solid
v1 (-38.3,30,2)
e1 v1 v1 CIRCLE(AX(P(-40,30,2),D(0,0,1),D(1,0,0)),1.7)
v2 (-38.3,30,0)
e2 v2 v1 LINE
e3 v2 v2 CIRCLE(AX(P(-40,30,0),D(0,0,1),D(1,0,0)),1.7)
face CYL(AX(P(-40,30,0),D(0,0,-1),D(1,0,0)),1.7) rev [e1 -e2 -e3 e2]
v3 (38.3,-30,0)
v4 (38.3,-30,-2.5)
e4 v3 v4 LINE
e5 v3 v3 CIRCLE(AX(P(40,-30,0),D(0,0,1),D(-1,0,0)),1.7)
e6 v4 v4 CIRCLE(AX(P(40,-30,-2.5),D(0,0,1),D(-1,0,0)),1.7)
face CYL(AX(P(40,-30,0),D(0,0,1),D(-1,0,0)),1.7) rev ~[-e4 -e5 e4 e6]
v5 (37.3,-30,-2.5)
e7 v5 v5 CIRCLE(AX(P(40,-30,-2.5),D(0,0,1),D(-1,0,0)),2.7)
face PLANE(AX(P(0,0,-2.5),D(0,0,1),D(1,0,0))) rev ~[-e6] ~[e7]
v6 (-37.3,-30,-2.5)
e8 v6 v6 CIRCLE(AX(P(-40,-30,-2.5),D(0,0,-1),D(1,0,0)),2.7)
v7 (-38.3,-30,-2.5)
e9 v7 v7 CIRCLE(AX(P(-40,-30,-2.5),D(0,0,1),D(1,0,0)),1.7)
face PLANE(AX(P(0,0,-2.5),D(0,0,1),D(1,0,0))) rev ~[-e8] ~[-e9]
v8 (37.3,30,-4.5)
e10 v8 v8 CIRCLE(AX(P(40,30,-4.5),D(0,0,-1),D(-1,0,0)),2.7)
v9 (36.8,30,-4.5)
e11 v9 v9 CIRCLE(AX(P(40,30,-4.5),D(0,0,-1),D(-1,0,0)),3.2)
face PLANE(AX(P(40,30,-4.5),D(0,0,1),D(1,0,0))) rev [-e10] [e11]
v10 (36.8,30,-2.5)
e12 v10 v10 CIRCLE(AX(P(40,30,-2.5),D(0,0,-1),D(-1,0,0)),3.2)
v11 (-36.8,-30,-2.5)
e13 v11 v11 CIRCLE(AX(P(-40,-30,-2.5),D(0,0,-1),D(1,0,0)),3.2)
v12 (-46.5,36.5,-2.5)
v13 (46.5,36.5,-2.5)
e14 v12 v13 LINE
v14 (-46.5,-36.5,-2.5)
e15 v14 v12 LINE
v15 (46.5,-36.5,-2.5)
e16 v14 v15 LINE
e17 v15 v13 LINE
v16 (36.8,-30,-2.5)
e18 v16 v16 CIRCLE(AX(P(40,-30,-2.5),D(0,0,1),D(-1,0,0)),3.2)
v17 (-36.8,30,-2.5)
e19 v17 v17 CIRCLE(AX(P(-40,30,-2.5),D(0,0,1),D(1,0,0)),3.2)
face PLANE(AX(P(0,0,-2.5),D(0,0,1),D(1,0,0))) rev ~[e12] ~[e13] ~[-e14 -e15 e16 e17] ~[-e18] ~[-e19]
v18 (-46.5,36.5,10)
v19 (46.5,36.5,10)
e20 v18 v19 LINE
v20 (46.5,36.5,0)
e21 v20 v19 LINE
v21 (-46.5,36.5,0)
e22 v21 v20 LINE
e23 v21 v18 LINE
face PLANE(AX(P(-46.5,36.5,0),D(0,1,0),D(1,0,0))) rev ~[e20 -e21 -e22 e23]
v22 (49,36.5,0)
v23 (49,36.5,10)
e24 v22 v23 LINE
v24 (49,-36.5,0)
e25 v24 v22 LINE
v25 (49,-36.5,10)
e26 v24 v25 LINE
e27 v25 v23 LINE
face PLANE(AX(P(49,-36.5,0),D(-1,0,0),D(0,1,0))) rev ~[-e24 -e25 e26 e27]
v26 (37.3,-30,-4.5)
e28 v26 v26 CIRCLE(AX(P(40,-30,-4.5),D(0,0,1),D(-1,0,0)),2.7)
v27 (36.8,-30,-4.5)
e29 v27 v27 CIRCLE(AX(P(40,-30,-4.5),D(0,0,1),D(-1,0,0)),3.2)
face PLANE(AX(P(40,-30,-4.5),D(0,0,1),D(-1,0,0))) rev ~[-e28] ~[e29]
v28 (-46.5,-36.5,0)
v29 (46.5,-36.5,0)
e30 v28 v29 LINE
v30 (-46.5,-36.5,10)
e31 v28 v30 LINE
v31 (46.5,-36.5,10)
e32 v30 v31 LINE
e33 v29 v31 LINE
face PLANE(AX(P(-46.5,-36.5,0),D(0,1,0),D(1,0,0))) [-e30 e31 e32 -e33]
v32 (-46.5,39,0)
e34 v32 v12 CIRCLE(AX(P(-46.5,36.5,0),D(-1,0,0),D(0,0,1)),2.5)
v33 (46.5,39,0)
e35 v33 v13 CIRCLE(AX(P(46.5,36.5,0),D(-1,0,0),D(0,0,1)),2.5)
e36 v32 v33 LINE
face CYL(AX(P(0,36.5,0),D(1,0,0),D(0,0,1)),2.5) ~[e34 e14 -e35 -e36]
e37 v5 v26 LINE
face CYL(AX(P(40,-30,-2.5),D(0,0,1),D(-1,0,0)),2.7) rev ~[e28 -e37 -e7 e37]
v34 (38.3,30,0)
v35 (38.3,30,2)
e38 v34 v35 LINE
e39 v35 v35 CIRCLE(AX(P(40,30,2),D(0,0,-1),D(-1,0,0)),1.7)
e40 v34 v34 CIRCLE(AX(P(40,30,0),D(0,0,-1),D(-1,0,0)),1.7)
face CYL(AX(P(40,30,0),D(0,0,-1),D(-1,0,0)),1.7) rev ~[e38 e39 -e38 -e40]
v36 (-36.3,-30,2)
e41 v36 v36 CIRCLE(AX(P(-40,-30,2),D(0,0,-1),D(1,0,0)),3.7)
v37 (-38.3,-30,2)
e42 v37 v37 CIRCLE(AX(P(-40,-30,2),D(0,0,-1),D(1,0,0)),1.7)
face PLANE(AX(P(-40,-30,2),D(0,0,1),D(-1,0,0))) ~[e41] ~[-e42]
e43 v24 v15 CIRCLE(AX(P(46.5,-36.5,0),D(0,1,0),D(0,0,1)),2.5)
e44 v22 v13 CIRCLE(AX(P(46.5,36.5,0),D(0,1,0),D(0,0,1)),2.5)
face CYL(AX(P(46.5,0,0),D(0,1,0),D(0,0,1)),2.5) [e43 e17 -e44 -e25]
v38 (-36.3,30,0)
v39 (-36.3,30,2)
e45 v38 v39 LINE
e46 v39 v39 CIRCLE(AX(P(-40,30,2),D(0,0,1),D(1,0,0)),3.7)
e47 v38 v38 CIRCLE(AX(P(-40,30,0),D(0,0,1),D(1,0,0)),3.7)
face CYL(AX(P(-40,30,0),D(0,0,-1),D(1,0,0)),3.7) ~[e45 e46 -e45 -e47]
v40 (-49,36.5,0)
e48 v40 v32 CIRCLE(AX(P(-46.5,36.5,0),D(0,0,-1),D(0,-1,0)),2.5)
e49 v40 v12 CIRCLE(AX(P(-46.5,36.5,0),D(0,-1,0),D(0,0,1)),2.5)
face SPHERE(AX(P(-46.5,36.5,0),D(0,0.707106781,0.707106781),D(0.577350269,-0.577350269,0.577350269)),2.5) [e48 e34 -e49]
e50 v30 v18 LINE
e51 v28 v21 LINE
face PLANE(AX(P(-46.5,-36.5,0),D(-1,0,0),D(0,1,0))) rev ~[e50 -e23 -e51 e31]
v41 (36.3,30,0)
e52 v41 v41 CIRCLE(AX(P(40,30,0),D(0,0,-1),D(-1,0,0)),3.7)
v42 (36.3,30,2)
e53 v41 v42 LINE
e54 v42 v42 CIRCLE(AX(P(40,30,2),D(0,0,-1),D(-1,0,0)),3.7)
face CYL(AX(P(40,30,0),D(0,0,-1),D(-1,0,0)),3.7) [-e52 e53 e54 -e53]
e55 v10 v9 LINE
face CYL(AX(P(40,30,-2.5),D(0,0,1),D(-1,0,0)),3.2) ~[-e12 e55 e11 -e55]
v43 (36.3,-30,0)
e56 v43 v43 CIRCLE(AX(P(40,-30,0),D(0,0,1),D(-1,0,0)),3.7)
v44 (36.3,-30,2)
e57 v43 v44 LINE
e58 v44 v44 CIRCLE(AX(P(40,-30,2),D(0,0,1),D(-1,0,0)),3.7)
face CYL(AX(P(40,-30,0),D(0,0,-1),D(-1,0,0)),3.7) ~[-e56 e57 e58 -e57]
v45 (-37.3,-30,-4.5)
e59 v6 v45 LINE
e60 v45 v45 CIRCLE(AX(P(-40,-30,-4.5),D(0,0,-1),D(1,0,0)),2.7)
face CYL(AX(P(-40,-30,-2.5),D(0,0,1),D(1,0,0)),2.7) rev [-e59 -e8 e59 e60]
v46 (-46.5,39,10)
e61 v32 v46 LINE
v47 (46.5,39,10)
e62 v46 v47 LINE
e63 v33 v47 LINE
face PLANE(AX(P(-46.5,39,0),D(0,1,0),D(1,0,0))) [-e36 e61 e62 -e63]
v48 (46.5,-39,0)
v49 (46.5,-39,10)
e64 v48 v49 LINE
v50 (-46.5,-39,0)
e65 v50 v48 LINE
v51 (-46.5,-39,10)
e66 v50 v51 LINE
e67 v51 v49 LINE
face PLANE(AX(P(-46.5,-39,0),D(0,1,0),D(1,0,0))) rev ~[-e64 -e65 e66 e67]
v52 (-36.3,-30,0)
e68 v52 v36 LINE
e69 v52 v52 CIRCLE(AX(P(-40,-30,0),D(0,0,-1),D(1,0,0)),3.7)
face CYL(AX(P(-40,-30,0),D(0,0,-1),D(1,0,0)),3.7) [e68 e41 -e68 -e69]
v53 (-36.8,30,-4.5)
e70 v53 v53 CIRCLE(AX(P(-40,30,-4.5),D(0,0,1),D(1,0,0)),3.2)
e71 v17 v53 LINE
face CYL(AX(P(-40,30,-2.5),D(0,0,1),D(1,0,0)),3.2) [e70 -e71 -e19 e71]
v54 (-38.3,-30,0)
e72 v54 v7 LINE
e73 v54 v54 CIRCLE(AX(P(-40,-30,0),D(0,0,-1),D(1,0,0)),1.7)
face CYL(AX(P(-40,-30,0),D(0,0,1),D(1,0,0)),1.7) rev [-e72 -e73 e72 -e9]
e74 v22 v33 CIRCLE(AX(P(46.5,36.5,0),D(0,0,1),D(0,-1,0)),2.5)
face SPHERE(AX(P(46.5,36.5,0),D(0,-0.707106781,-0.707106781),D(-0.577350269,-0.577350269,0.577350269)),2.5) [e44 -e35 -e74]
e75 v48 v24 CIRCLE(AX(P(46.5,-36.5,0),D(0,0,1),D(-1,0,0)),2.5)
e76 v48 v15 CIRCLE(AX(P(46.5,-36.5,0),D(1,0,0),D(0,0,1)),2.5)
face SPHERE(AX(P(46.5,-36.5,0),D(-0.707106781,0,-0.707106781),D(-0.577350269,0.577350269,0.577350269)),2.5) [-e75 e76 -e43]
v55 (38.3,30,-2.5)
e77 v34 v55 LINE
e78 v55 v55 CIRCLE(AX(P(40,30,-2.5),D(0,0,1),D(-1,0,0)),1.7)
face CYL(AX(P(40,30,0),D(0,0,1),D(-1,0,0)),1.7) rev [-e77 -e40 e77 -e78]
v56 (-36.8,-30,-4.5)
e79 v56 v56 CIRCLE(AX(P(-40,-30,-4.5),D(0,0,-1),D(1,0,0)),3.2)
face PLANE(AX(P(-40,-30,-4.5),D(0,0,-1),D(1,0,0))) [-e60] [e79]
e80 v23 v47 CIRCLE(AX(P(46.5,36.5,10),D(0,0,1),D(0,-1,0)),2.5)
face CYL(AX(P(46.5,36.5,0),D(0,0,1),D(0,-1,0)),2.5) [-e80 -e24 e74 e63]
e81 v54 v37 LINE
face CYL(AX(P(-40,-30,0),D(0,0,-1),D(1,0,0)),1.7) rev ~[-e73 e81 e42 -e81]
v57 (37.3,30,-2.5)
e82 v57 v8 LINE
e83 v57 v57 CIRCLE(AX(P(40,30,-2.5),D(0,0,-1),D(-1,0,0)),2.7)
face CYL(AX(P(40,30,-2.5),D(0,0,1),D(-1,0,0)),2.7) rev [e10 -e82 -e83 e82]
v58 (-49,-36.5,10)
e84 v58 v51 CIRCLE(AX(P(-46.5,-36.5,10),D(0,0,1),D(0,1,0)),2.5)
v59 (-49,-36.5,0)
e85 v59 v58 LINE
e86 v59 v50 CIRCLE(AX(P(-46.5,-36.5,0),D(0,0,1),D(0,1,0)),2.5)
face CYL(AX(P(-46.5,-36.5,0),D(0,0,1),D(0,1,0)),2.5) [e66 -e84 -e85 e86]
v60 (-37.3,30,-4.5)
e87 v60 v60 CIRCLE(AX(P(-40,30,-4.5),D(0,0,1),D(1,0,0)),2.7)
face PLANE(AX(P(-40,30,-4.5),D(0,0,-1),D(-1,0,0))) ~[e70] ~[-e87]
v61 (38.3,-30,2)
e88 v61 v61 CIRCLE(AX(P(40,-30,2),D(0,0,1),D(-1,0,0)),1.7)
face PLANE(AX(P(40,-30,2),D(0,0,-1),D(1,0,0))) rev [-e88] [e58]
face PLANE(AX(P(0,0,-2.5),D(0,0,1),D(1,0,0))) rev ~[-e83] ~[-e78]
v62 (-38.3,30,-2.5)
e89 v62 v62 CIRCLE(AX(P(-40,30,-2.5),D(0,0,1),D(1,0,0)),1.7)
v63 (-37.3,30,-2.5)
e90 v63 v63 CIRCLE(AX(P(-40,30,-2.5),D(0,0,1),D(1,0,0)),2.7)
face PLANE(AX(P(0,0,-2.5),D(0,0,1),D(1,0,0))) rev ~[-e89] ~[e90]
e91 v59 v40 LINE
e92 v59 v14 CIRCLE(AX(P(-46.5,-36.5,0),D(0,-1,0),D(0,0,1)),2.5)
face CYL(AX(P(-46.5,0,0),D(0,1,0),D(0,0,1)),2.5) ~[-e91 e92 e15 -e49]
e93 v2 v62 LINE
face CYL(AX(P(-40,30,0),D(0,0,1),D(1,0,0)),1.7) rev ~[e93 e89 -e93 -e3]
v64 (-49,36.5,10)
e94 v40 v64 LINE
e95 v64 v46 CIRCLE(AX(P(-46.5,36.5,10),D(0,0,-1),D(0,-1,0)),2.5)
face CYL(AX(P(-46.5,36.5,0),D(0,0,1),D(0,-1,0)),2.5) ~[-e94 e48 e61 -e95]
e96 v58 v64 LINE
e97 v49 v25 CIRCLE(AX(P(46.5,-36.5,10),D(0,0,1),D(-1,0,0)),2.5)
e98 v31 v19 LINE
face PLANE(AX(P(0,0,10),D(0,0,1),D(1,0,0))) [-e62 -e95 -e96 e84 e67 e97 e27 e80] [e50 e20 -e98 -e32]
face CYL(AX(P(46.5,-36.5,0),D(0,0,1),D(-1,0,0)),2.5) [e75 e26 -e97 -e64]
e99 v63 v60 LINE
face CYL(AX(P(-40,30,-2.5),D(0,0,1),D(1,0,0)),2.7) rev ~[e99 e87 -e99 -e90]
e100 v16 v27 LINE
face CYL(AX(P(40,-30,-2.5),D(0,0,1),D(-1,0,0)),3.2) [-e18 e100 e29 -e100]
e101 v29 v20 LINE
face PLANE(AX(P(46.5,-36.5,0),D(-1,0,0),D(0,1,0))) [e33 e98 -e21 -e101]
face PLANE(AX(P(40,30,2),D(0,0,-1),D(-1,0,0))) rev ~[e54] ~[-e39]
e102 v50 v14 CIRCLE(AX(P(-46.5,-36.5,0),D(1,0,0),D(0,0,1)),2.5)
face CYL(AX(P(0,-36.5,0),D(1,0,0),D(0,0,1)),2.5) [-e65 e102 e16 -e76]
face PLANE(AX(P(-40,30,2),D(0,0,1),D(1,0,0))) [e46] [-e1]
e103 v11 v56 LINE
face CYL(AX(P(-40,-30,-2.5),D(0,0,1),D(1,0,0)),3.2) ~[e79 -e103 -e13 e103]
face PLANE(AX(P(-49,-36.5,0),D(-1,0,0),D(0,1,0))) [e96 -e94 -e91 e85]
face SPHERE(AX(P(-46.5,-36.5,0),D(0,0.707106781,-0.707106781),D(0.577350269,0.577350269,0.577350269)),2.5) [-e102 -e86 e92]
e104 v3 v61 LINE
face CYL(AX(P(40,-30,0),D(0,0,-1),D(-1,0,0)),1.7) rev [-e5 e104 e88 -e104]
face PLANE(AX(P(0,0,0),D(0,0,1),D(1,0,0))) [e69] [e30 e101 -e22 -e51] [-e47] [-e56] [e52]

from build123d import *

# Parameters (mm, degrees)
SKETCH001_W                 = 93
SKETCH001_H                 = 73
PAD_DEPTH                   = 10
THICKNESS_T                 = 2.5
SKETCH002_R                 = 1.7
HOLE_DEPTH                  = 25
SKETCH003_R                 = 3.7
SKETCH003_R_2               = 1.7
PAD001_DEPTH                = 2
SKETCH003_MIRRORED_2_R      = 3.7
SKETCH003_MIRRORED_2_R_2    = 1.7
PAD001_MIRRORED_2_DEPTH     = 2
SKETCH005_R                 = 1.7
POCKET_DEPTH                = 254.24889
SKETCH005_MIRRORED004_2_R   = 1.7
POCKET_MIRRORED004_2_DEPTH  = 254.24889
SKETCH006_R                 = 3.2
SKETCH006_R_2               = 2.7
PAD003_DEPTH                = 2
SKETCH006_MIRRORED006_2_R   = 3.2
SKETCH006_MIRRORED006_2_R_2 = 2.7
PAD003_MIRRORED006_2_DEPTH  = 2


with BuildPart() as part:
    # Sketch001 → Pad (new body)
    with BuildSketch(Plane.XY):
        Rectangle(SKETCH001_W, SKETCH001_H)
    extrude(amount=PAD_DEPTH)

    # Thickness
    thickness_openings = [part.faces().sort_by_distance(p)[0] for p in [
        (0, 0, 10),
    ]]
    offset(amount=THICKNESS_T, openings=thickness_openings)

    # Sketch002 → Hole (cut)
    with BuildSketch(Plane.XY):
        with Locations((-40, 30)):
            Circle(SKETCH002_R)
    extrude(amount=-HOLE_DEPTH, mode=Mode.SUBTRACT)

    # Sketch003 → Pad001 (join)
    with BuildSketch(Plane.XY):
        with Locations((-40, 30)):
            Circle(SKETCH003_R)
        with Locations((-40, 30)):
            Circle(SKETCH003_R_2, mode=Mode.SUBTRACT)
    pad001 = extrude(amount=PAD001_DEPTH)

    # Sketch003 Mirrored 2 → Pad001 Mirrored 2 (add)
    with BuildSketch(Plane(origin=(0, 0, 0), x_dir=(-1, 0, 0), z_dir=(0, 0, -1))):
        with Locations((-40, 30)):
            Circle(SKETCH003_MIRRORED_2_R)
        with Locations((-40, 30)):
            Circle(SKETCH003_MIRRORED_2_R_2, mode=Mode.SUBTRACT)
    pad001_mirrored_2 = extrude(amount=-PAD001_MIRRORED_2_DEPTH)

    # Mirrored001: Pad001, Pad001 Mirrored 2 across Sketch003 H_Axis
    add(pad001.mirror(Plane.ZX))
    add(pad001_mirrored_2.mirror(Plane.ZX))

    # Sketch005 → Pocket (cut, through all)
    with BuildSketch(Plane.XY):
        with Locations((-40, 30)):
            Circle(SKETCH005_R)
    pocket = extrude(amount=-POCKET_DEPTH, mode=Mode.SUBTRACT)

    # Sketch005 Mirrored004 2 → Pocket Mirrored004 2 (cut, through all)
    with BuildSketch(Plane(origin=(0, 0, 0), x_dir=(-1, 0, 0), z_dir=(0, 0, -1))):
        with Locations((-40, 30)):
            Circle(SKETCH005_MIRRORED004_2_R)
    pocket_mirrored004_2 = extrude(amount=POCKET_MIRRORED004_2_DEPTH, mode=Mode.SUBTRACT)

    # Mirrored005: Pocket, Pocket Mirrored004 2 across Sketch005 H_Axis
    add(pocket.mirror(Plane.ZX), mode=Mode.SUBTRACT)
    add(pocket_mirrored004_2.mirror(Plane.ZX), mode=Mode.SUBTRACT)

    # Sketch006 (on Face35 of MultiTransform002) → Pad003 (join)
    with BuildSketch(Plane(origin=(0, 0, -2.5), x_dir=(1, 0, 0), z_dir=(0, 0, -1))):
        with Locations((-40, 30)):
            Circle(SKETCH006_R)
        with Locations((-40, 30)):
            Circle(SKETCH006_R_2, mode=Mode.SUBTRACT)
    pad003 = extrude(amount=PAD003_DEPTH)

    # Sketch006 Mirrored006 2 → Pad003 Mirrored006 2 (add)
    with BuildSketch(Plane(origin=(0, 0, -2.5), x_dir=(-1, 0, 0), z_dir=(0, 0, 1))):
        with Locations((-40, 30)):
            Circle(SKETCH006_MIRRORED006_2_R)
        with Locations((-40, 30)):
            Circle(SKETCH006_MIRRORED006_2_R_2, mode=Mode.SUBTRACT)
    pad003_mirrored006_2 = extrude(amount=-PAD003_MIRRORED006_2_DEPTH)

    # Mirrored007: Pad003, Pad003 Mirrored006 2 across Sketch006 H_Axis
    add(pad003.mirror(Plane(origin=(0, 0, -2.5), x_dir=(0, 0, -1), z_dir=(0, -1, 0))))
    add(pad003_mirrored006_2.mirror(Plane(origin=(0, 0, -2.5), x_dir=(0, 0, -1), z_dir=(0, -1, 0))))


solid = part.part
